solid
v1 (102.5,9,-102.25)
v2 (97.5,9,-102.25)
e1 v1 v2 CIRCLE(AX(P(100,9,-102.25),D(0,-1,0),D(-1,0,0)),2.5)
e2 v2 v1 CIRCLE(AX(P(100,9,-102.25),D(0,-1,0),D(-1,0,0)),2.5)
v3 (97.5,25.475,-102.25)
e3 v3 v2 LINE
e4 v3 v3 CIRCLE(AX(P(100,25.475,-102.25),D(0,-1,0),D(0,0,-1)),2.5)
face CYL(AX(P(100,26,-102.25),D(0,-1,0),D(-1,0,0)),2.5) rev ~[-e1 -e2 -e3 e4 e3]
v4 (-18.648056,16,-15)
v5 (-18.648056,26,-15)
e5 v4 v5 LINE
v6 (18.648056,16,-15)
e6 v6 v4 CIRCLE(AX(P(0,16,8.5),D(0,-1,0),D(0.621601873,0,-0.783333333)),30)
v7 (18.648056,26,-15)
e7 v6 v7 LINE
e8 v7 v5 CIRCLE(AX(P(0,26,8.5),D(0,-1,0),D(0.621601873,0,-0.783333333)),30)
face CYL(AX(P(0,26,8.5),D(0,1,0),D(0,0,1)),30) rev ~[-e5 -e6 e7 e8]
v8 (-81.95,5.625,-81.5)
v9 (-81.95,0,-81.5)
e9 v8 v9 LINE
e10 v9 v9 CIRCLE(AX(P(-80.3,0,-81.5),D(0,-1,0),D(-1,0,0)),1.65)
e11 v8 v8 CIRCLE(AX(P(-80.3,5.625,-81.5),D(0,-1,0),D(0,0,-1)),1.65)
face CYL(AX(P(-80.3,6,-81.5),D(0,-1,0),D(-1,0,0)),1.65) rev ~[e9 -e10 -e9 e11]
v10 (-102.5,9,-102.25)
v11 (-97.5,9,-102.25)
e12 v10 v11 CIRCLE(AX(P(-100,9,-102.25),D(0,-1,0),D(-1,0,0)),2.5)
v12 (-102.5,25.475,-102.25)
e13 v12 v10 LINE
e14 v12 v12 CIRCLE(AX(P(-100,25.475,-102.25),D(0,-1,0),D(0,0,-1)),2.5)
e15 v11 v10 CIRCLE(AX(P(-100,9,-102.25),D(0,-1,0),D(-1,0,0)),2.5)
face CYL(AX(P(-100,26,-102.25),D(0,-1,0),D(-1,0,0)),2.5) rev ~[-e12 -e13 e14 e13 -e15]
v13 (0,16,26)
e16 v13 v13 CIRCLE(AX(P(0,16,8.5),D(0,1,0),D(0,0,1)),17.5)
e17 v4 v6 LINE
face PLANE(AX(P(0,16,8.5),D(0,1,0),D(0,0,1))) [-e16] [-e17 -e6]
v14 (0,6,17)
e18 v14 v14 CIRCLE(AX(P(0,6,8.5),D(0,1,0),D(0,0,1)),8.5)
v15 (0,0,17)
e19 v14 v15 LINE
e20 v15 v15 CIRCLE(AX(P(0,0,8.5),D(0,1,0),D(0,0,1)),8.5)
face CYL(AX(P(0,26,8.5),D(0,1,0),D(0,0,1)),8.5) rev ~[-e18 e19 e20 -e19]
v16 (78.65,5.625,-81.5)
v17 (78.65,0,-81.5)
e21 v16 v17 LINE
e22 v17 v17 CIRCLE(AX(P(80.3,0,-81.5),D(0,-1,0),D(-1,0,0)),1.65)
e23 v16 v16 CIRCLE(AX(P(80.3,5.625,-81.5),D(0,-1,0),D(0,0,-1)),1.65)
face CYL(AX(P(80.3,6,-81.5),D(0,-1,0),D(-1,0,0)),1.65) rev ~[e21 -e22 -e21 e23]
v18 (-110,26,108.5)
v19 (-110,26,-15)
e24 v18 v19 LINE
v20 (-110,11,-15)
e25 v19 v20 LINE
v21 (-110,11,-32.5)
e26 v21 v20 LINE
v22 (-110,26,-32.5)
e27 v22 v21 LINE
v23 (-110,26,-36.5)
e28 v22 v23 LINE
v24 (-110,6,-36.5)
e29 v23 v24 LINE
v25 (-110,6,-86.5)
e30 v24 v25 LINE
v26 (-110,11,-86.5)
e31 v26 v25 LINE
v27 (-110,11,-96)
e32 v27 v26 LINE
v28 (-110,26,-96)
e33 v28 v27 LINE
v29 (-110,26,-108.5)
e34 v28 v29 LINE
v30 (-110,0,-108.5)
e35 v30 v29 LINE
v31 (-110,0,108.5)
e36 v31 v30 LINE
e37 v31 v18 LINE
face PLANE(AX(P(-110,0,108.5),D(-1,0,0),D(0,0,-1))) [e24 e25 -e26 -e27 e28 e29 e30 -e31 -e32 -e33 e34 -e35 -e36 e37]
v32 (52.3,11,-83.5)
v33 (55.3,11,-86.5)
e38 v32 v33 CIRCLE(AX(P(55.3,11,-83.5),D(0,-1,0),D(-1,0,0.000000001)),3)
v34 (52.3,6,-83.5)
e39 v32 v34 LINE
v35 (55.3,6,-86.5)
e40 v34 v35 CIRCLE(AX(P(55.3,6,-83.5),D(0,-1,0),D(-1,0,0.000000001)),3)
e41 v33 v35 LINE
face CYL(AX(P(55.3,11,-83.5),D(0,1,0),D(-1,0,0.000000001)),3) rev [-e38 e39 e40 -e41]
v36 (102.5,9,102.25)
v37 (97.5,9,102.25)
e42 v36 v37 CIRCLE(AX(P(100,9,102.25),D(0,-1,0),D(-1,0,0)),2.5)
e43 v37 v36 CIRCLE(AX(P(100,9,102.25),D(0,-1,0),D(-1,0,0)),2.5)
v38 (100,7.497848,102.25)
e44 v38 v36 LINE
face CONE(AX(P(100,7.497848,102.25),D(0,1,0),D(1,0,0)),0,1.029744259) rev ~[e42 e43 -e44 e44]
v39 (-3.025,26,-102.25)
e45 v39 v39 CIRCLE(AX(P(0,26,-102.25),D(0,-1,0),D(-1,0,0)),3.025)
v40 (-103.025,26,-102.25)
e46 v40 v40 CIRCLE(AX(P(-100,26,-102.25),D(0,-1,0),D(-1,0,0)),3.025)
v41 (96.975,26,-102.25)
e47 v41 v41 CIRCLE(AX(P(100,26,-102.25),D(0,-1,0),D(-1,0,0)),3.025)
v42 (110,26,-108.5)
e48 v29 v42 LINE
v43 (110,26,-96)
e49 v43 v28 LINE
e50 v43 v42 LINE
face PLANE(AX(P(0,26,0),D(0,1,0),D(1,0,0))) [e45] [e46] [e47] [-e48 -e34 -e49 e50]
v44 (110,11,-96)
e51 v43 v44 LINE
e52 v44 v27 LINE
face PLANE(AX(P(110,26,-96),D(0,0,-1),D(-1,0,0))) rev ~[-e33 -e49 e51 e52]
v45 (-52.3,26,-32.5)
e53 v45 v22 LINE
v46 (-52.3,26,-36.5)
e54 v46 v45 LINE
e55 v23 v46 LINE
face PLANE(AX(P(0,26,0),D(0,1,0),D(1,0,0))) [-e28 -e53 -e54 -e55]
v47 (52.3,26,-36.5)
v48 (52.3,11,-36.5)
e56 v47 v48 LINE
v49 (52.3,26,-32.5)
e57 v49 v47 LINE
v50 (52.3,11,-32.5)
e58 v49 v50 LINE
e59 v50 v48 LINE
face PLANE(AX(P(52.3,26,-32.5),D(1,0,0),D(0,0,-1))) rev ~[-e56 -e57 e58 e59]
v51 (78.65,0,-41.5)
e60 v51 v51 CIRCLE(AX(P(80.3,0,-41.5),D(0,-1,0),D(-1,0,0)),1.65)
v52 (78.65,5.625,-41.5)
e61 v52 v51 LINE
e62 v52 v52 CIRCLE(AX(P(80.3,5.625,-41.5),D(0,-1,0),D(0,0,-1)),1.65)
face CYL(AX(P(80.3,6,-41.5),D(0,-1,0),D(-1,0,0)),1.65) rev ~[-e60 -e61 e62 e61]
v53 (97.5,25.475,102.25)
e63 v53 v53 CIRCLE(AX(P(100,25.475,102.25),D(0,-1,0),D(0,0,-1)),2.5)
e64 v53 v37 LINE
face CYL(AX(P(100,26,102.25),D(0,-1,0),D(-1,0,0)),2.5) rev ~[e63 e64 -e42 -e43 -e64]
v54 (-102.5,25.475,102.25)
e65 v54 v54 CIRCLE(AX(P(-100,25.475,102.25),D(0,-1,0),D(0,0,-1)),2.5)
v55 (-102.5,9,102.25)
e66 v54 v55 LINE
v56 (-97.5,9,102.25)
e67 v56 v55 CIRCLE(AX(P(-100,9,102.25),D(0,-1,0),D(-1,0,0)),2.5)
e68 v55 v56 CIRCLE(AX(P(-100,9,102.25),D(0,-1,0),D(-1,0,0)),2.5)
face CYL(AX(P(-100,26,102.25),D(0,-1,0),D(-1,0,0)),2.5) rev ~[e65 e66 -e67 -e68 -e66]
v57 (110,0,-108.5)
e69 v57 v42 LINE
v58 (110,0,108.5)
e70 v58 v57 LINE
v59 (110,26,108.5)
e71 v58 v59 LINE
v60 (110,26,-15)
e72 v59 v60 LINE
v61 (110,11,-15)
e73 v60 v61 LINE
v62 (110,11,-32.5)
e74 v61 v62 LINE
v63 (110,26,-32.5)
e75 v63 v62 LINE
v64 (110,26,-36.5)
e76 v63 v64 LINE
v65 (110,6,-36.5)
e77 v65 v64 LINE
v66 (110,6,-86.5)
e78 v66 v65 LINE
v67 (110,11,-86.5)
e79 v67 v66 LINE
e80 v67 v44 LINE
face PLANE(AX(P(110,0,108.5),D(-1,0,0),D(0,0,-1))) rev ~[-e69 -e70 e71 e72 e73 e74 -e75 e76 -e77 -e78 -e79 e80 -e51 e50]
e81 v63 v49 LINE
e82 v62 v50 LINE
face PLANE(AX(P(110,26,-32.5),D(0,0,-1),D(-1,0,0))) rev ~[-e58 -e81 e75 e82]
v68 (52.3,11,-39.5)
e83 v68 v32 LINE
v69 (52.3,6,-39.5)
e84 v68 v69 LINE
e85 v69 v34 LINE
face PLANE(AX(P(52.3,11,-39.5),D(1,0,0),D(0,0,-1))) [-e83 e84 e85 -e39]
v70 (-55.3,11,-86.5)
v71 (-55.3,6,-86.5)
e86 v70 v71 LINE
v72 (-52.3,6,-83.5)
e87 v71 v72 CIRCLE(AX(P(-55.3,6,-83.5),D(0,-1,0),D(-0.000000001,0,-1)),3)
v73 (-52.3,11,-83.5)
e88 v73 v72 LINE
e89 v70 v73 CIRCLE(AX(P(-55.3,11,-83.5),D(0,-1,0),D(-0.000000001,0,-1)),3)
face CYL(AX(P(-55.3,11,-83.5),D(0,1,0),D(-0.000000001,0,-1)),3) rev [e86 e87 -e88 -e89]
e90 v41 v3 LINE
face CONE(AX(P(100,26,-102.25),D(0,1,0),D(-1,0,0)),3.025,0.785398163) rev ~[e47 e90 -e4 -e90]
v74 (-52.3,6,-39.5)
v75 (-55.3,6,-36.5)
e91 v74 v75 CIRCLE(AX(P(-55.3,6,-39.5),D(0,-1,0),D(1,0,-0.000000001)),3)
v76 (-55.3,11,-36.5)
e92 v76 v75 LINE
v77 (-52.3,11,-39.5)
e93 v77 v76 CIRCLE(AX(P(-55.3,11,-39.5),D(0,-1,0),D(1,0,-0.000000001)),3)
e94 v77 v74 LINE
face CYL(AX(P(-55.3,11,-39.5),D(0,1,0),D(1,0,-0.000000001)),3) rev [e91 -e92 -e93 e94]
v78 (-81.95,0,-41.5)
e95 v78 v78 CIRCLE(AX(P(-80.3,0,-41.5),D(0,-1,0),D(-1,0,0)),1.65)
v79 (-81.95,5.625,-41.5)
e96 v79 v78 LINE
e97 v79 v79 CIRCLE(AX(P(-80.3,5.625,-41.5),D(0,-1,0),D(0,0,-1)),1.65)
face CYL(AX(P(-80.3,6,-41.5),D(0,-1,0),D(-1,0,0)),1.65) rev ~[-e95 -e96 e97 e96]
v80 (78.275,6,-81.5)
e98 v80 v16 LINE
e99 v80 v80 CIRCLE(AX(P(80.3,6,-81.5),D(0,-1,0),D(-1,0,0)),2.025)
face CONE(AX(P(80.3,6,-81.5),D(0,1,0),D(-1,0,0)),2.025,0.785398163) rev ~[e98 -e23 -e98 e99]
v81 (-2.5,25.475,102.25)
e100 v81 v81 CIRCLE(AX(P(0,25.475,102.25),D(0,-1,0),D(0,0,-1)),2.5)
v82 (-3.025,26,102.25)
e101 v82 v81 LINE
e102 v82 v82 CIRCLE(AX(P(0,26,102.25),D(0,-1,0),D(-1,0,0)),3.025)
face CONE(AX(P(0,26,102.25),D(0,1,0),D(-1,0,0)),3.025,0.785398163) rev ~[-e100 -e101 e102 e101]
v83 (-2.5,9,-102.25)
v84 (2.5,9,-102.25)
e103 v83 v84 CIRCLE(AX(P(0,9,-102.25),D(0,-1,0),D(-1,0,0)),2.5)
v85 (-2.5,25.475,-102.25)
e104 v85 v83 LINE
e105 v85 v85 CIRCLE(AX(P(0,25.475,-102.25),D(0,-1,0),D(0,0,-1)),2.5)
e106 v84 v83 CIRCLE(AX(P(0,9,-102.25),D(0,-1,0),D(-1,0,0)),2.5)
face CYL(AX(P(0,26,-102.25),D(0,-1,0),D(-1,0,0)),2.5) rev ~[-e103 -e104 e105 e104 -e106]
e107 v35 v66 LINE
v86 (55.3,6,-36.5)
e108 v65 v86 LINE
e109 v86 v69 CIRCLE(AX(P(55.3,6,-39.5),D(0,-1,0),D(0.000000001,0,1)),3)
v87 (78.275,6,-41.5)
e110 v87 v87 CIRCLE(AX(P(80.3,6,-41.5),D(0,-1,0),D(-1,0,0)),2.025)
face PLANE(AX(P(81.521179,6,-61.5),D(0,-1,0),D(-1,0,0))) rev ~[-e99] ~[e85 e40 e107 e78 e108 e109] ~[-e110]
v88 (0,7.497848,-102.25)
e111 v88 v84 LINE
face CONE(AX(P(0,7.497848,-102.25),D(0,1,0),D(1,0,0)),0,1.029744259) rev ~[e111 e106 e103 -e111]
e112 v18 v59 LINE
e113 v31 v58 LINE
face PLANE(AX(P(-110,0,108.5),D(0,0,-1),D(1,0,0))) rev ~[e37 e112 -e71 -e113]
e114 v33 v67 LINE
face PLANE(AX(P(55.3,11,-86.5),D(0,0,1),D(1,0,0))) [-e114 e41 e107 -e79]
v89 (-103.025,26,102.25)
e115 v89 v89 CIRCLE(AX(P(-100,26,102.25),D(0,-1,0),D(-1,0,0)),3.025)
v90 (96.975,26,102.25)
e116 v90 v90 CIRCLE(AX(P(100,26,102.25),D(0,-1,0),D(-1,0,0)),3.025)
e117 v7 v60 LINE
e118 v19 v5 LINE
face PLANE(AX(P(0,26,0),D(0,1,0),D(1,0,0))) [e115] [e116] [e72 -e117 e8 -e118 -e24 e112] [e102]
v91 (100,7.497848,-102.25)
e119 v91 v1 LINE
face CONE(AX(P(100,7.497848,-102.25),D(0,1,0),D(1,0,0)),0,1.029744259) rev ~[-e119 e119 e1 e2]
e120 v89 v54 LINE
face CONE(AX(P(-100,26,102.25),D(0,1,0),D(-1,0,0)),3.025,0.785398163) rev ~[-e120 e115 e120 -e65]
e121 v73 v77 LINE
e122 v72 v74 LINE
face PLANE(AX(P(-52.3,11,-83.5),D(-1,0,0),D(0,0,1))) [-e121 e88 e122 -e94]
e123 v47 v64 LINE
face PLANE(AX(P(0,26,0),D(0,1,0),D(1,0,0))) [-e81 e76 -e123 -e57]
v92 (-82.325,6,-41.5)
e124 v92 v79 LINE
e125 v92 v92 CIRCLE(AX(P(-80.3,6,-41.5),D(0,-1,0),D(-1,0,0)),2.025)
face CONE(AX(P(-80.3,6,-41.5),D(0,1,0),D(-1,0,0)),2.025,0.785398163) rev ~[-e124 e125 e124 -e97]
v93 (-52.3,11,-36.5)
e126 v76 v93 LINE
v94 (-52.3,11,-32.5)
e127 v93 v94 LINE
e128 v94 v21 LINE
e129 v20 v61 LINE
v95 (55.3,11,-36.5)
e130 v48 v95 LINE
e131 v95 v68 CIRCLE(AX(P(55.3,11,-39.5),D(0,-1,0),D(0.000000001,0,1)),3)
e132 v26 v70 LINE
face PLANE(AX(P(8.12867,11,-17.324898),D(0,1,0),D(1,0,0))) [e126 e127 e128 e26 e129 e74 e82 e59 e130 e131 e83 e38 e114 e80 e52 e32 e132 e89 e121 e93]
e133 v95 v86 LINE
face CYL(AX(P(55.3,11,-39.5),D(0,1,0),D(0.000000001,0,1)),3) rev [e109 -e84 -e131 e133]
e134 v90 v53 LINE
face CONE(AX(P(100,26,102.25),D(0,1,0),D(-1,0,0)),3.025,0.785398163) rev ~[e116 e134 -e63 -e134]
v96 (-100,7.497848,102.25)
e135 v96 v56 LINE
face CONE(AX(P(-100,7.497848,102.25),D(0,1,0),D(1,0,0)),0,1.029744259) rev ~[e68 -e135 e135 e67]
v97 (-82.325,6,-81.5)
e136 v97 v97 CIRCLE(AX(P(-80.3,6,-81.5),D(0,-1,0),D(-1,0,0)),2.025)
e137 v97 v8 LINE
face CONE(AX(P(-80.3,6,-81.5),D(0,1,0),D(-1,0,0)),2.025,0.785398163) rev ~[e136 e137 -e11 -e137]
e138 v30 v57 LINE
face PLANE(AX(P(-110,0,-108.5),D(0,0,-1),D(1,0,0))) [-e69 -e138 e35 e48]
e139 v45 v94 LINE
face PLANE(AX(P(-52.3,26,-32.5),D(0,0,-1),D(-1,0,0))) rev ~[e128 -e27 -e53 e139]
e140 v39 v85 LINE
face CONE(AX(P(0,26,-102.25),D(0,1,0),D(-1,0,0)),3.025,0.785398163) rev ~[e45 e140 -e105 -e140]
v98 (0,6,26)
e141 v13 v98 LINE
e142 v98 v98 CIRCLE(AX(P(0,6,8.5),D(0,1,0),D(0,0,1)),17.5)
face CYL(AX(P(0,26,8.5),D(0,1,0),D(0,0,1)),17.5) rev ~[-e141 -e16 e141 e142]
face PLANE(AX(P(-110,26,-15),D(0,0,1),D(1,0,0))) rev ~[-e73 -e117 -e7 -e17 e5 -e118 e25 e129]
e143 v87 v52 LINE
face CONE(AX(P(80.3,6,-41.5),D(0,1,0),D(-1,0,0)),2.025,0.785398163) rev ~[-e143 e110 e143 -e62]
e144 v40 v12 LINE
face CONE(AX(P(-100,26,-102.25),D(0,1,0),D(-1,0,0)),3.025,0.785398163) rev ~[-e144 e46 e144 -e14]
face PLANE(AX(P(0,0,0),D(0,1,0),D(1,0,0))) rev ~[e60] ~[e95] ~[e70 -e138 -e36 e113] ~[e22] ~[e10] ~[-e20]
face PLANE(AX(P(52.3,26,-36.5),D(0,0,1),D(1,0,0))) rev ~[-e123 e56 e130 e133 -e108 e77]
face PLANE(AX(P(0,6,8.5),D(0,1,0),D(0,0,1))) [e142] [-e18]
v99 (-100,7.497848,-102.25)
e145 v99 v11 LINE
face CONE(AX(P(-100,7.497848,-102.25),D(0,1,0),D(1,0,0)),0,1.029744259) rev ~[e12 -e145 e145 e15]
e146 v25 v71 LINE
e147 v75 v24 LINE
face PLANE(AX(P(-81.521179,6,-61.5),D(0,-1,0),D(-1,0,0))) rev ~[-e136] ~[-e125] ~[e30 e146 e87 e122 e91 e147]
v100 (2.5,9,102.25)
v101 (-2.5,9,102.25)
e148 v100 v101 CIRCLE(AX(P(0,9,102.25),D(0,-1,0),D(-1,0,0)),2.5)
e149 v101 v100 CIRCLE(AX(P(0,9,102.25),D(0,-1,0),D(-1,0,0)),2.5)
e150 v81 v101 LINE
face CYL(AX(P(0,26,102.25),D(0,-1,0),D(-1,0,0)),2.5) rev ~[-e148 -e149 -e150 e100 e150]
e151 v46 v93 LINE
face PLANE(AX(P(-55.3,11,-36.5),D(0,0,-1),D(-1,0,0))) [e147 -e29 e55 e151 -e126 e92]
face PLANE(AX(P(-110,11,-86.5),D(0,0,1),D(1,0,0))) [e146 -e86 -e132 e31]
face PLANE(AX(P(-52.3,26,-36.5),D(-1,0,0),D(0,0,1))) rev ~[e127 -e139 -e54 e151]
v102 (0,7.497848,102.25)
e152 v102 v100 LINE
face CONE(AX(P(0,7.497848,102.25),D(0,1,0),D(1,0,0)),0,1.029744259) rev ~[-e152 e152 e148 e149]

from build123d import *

# Parameters (mm, degrees)
SKETCH1_W                       = 220
SKETCH1_H                       = 217
BLOCO_BRUTO_DEPTH               = 26
SKETCH2_R                       = 8.5
FURO_17_PASSANTE_DEPTH          = 157.678811586
SKETCH2_3_R                     = 17.5
SKETCH2_3_R_2                   = 8.5
REBAIXO_35X20_DEPTH             = 20
SKETCH2_4_R                     = 30
SKETCH2_4_R_2                   = 17.5
REBAIXO_60X10_DEPTH             = 10
REBAIXO_220X81X15_DEPTH         = 15
REBAIXO_ENCAIXE_MANCAIS_DEPTH   = 5
M6X1_0_FUROS_APOIO_D            = 5
M6X1_0_FUROS_APOIO_DEPTH        = 17
M6X1_0_FUROS_APOIO_CSINK_D      = 6.05
M6X1_0_FUROS_APOIO_CSINK_ANGLE  = 90
M6X1_0_FUROS_APOIO_TIP          = 1.502151548
M4X0_7_TAPPED_HOLE1_D           = 3.3
M4X0_7_TAPPED_HOLE1_DEPTH       = 11.5
M4X0_7_TAPPED_HOLE1_CSINK_D     = 4.05
M4X0_7_TAPPED_HOLE1_CSINK_ANGLE = 90
M4X0_7_TAPPED_HOLE1_TIP         = 0.991420021


with BuildPart() as part:
    # Sketch1 → Bloco (Bruto) (new body)
    with BuildSketch(Plane(origin=(0, 0, 0), x_dir=(1, 0, 0), z_dir=(0, 1, 0))):
        Rectangle(SKETCH1_W, SKETCH1_H)
    extrude(amount=BLOCO_BRUTO_DEPTH)

    # Sketch2 → Furo Ø17 Passante (cut, through all)
    with BuildSketch(Plane(origin=(0, 26, 0), x_dir=(1, 0, 0), z_dir=(0, 1, 0))):
        with Locations(Location((0, -8.5, 0), (0, 0, 270))):
            Circle(SKETCH2_R)
    extrude(amount=-FURO_17_PASSANTE_DEPTH, mode=Mode.SUBTRACT)

    # Sketch2<3> → Rebaixo Ø35x20 (cut)
    with BuildSketch(Plane(origin=(0, 26, 0), x_dir=(1, 0, 0), z_dir=(0, 1, 0))):
        with Locations(Location((0, -8.5, 0), (0, 0, 270))):
            Circle(SKETCH2_3_R)
        with Locations(Location((0, -8.5, 0), (0, 0, 270))):
            Circle(SKETCH2_3_R_2, mode=Mode.SUBTRACT)
    extrude(amount=-REBAIXO_35X20_DEPTH, mode=Mode.SUBTRACT)

    # Sketch2<4> → Rebaixo Ø60x10 (cut)
    with BuildSketch(Plane(origin=(0, 26, 0), x_dir=(1, 0, 0), z_dir=(0, 1, 0))):
        with Locations(Location((0, -8.5, 0), (0, 0, 270))):
            Circle(SKETCH2_4_R)
        with Locations(Location((0, -8.5, 0), (0, 0, 270))):
            Circle(SKETCH2_4_R_2, mode=Mode.SUBTRACT)
    extrude(amount=-REBAIXO_60X10_DEPTH, mode=Mode.SUBTRACT)

    # Sketch3 → Rebaixo 220x81x15 (cut)
    with BuildSketch(Plane(origin=(0, 26, 0), x_dir=(1, 0, 0), z_dir=(0, 1, 0))):
        with BuildLine():
            ThreePointArc((18.648056199, 15), (9.874208829, 19.828430948), (0, 21.5))
            Line((0, 21.5), (0, 15))
            Line((0, 15), (18.648056199, 15))
        make_face()
        with BuildLine():
            Line((0, 15), (0, 21.5))
            ThreePointArc((0, 21.5), (-9.874208829, 19.828430948), (-18.648056199, 15))
            Line((-18.648056199, 15), (0, 15))
        make_face()
        with BuildLine():
            Line((110, 36.5), (110, 96))
            Line((110, 96), (0, 96))
            Line((0, 96), (0, 21.5))
            ThreePointArc((0, 21.5), (9.874208829, 19.828430948), (18.648056199, 15))
            Line((18.648056199, 15), (110, 15))
            Line((110, 15), (110, 32.5))
            Line((110, 32.5), (52.3, 32.5))
            Line((52.3, 32.5), (52.3, 36.5))
            Line((52.3, 36.5), (110, 36.5))
        make_face()
        with BuildLine():
            Line((0, 21.5), (0, 96))
            Line((0, 96), (-110, 96))
            Line((-110, 96), (-110, 36.5))
            Line((-110, 36.5), (-52.3, 36.5))
            Line((-52.3, 36.5), (-52.3, 32.5))
            Line((-52.3, 32.5), (-110, 32.5))
            Line((-110, 32.5), (-110, 15))
            Line((-110, 15), (-18.648056199, 15))
            ThreePointArc((-18.648056199, 15), (-9.874208829, 19.828430948), (0, 21.5))
        make_face()
    extrude(amount=-REBAIXO_220X81X15_DEPTH, mode=Mode.SUBTRACT)

    # Sketch4 → Rebaixo - Encaixe Mancais (cut)
    with BuildSketch(Plane(origin=(0, 11, 0), x_dir=(1, 0, 0), z_dir=(0, 1, 0))):
        with BuildLine():
            Line((-110, 86.5), (-55.3, 86.5))
            ThreePointArc((-55.3, 86.5), (-53.178679656, 85.621320344), (-52.3, 83.5))
            Line((-52.3, 83.5), (-52.3, 39.5))
            ThreePointArc((-52.3, 39.5), (-53.178679656, 37.378679656), (-55.3, 36.5))
            Line((-55.3, 36.5), (-110, 36.5))
            Line((-110, 36.5), (-110, 86.5))
        make_face()
        with BuildLine():
            Line((110, 36.5), (55.3, 36.5))
            ThreePointArc((55.3, 36.5), (53.178679656, 37.378679656), (52.3, 39.5))
            Line((52.3, 39.5), (52.3, 83.5))
            ThreePointArc((52.3, 83.5), (53.178679656, 85.621320344), (55.3, 86.5))
            Line((55.3, 86.5), (110, 86.5))
            Line((110, 86.5), (110, 36.5))
        make_face()
    extrude(amount=-REBAIXO_ENCAIXE_MANCAIS_DEPTH, mode=Mode.SUBTRACT)

    # M6x1.0 - Furos Apoio
    with Locations(Plane(origin=(0, 26, 0), x_dir=(1, 0, 0), z_dir=(0, 1, 0))):
        with Locations((-100, -102.25), (0, -102.25), (100, -102.25), (-100, 102.25), (0, 102.25), (100, 102.25)):
            CounterSinkHole(M6X1_0_FUROS_APOIO_D / 2, M6X1_0_FUROS_APOIO_CSINK_D / 2, depth=M6X1_0_FUROS_APOIO_DEPTH, counter_sink_angle=M6X1_0_FUROS_APOIO_CSINK_ANGLE)
            with Locations((0, 0, -(M6X1_0_FUROS_APOIO_DEPTH + M6X1_0_FUROS_APOIO_TIP / 2))):  # 118° drill point
                Cone(0, M6X1_0_FUROS_APOIO_D / 2, M6X1_0_FUROS_APOIO_TIP, mode=Mode.SUBTRACT)

    # M4x0.7 Tapped Hole1
    with Locations(Plane(origin=(0, 6, 0), x_dir=(1, 0, 0), z_dir=(0, 1, 0))):
        with Locations((-80.3, 81.5), (-80.3, 41.5), (80.3, 81.5), (80.3, 41.5)):
            CounterSinkHole(M4X0_7_TAPPED_HOLE1_D / 2, M4X0_7_TAPPED_HOLE1_CSINK_D / 2, depth=M4X0_7_TAPPED_HOLE1_DEPTH, counter_sink_angle=M4X0_7_TAPPED_HOLE1_CSINK_ANGLE)
            with Locations((0, 0, -(M4X0_7_TAPPED_HOLE1_DEPTH + M4X0_7_TAPPED_HOLE1_TIP / 2))):  # 118° drill point
                Cone(0, M4X0_7_TAPPED_HOLE1_D / 2, M4X0_7_TAPPED_HOLE1_TIP, mode=Mode.SUBTRACT)


solid = part.part
